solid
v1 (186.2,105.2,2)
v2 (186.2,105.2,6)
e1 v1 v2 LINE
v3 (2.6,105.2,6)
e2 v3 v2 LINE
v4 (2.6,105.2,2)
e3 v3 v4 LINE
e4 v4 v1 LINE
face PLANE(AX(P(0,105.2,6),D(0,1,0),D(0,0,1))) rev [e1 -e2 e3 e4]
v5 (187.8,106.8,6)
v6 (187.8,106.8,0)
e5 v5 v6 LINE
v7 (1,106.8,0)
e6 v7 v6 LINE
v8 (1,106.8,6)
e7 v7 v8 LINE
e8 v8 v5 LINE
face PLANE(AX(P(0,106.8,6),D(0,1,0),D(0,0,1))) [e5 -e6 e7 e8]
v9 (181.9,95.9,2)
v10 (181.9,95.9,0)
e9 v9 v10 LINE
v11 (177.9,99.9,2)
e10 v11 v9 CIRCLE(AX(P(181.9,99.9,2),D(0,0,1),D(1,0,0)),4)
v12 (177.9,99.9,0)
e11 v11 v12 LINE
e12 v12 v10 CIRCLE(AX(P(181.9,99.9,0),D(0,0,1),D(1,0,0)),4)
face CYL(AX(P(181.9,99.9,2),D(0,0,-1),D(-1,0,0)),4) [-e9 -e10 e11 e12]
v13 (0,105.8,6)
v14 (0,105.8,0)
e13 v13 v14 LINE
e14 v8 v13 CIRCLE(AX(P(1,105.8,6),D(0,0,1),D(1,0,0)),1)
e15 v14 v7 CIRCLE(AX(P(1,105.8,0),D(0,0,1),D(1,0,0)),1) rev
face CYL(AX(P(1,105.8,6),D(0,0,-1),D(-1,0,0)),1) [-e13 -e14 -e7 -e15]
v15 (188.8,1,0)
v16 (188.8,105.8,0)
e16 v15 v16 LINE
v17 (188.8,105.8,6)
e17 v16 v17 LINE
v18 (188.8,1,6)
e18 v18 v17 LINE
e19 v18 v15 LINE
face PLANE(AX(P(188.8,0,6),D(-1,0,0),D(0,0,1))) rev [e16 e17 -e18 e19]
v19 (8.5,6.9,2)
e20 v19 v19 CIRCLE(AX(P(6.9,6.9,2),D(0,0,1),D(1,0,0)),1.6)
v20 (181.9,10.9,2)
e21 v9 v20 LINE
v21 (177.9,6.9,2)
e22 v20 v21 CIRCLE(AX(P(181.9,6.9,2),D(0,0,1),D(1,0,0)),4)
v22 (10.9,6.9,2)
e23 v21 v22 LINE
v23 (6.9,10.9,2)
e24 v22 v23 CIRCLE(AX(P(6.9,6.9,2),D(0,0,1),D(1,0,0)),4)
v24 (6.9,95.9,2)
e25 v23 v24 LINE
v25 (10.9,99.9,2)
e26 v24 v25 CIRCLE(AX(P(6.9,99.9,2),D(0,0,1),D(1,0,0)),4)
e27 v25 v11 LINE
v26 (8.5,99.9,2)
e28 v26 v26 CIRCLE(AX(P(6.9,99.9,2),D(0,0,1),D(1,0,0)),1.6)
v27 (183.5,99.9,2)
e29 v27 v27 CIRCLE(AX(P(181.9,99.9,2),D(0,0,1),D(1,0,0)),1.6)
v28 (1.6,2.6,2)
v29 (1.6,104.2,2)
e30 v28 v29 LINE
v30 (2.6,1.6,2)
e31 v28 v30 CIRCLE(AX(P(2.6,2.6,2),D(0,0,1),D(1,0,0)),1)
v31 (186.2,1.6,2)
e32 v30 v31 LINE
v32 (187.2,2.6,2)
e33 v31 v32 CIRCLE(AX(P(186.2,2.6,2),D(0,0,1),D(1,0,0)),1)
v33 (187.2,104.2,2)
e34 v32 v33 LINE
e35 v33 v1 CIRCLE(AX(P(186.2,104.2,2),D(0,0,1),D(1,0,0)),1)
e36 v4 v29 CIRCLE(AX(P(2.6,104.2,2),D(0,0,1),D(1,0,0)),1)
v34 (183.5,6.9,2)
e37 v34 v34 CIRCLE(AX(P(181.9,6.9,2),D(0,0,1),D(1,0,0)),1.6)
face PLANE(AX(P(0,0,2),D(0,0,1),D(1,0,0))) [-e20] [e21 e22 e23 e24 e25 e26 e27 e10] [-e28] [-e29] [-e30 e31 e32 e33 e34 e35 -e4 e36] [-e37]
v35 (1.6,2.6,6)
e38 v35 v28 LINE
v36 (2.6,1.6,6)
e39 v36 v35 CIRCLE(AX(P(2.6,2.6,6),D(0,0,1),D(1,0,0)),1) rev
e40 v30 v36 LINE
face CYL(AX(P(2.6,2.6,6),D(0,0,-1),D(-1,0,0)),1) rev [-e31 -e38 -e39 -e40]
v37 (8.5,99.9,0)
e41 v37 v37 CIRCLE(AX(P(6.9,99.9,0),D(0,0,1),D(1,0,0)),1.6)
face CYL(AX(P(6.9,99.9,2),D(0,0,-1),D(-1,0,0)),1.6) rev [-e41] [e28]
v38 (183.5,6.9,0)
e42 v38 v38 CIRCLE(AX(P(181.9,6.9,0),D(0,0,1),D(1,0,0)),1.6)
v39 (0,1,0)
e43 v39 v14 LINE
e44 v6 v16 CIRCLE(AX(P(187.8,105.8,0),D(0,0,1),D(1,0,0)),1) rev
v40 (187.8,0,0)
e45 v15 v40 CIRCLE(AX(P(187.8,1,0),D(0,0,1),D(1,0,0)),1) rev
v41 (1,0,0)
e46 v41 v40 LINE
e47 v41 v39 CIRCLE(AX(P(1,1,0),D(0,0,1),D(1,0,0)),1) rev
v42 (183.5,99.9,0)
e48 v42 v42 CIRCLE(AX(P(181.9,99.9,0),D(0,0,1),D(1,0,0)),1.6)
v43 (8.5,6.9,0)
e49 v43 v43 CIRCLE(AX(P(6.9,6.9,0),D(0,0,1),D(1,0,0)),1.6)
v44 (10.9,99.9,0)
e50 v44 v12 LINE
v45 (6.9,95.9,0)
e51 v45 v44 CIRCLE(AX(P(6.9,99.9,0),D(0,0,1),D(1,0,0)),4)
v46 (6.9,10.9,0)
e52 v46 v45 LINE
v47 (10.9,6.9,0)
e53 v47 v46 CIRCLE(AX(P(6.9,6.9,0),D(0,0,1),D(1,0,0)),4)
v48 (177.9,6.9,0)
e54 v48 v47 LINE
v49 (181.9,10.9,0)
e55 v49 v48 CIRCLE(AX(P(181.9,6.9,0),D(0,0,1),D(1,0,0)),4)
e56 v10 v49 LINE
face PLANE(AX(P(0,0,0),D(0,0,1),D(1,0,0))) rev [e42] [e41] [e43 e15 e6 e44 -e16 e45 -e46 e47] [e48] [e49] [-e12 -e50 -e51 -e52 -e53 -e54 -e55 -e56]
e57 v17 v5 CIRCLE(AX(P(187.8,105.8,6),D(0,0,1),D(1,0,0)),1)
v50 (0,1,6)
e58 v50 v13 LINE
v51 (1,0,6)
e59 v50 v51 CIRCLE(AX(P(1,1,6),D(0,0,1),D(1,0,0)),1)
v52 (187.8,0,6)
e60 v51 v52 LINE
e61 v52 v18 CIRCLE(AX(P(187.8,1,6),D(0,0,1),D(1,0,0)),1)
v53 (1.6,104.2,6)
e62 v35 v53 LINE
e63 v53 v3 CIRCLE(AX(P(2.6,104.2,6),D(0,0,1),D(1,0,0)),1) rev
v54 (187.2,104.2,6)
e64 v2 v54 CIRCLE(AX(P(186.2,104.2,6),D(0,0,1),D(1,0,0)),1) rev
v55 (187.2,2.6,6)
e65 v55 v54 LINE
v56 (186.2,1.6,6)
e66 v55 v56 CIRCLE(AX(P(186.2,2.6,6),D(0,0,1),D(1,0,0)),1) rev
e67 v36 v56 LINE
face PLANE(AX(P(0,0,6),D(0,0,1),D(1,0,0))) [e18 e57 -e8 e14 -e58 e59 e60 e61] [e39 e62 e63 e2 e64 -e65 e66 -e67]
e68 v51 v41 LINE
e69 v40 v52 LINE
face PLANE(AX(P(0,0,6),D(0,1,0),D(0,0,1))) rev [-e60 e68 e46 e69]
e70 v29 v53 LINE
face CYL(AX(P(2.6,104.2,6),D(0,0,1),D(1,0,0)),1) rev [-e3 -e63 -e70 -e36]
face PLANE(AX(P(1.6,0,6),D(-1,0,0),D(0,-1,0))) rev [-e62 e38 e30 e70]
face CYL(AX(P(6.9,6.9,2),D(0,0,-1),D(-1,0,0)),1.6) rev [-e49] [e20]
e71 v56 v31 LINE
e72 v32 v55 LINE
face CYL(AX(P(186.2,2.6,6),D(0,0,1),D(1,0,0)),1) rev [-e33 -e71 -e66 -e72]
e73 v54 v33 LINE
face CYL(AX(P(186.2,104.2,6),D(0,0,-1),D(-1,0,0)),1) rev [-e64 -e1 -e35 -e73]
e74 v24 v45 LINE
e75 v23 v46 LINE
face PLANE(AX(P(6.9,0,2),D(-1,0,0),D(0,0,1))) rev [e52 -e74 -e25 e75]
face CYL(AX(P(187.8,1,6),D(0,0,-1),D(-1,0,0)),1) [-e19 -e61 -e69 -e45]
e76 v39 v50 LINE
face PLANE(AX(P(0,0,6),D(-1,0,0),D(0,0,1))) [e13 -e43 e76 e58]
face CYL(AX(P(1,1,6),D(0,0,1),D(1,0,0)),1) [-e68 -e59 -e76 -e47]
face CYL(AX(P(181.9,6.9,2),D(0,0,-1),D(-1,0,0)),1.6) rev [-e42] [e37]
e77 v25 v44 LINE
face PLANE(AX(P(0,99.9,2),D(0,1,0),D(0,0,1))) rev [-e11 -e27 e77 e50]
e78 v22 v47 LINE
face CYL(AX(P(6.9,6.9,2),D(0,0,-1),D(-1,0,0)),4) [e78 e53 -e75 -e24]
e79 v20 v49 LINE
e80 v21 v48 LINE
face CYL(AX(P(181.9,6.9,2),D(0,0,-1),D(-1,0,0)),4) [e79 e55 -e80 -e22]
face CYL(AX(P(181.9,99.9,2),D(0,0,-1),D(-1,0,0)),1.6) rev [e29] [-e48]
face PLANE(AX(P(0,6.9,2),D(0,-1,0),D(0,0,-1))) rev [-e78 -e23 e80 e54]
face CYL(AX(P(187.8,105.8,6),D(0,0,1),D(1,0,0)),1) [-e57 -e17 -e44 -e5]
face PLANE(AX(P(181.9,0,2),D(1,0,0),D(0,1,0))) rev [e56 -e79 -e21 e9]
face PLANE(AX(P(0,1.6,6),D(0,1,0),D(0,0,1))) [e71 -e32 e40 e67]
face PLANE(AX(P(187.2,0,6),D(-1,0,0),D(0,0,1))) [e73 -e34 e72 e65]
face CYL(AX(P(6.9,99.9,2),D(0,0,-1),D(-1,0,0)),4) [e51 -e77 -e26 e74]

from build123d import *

# Parameters (mm, degrees)
SKETCH_1_W      = 185.6
SKETCH_1_H      = 103.6
SKETCH_1_R      = 1.6
EXTRUDE_1_DEPTH = 2
SKETCH_1_3_W    = 188.8
SKETCH_1_3_H    = 106.8
SKETCH_1_3_W_2  = 185.6
SKETCH_1_3_H_2  = 103.6
EXTRUDE_2_DEPTH = 6
FILLET_1_R      = 1


with BuildPart() as part:
    # Эскиз1 → Бобышка-Вытянуть1 (new body)
    with BuildSketch(Plane.XY):
        with Locations((94.4, 53.4)):
            Rectangle(SKETCH_1_W, SKETCH_1_H)
        with BuildLine():
            ThreePointArc((177.9, 99.9), (179.071572875, 97.071572875), (181.9, 95.9))
            Line((181.9, 95.9), (181.9, 10.9))
            ThreePointArc((181.9, 10.9), (179.071572875, 9.728427125), (177.9, 6.9))
            Line((177.9, 6.9), (10.9, 6.9))
            ThreePointArc((10.9, 6.9), (9.728427125, 9.728427125), (6.9, 10.9))
            Line((6.9, 10.9), (6.9, 95.9))
            ThreePointArc((6.9, 95.9), (9.728427125, 97.071572875), (10.9, 99.9))
            Line((10.9, 99.9), (177.9, 99.9))
        make_face(mode=Mode.SUBTRACT)
        with Locations((181.9, 99.9)):
            Circle(SKETCH_1_R, mode=Mode.SUBTRACT)
        with Locations((181.9, 6.9)):
            Circle(SKETCH_1_R, mode=Mode.SUBTRACT)
        with Locations((6.9, 99.9)):
            Circle(SKETCH_1_R, mode=Mode.SUBTRACT)
        with Locations((6.9, 6.9)):
            Circle(SKETCH_1_R, mode=Mode.SUBTRACT)
    extrude(amount=EXTRUDE_1_DEPTH)

    # Эскиз1<3> → Бобышка-Вытянуть2 (add)
    with BuildSketch(Plane.XY):
        with Locations((94.4, 53.4)):
            Rectangle(SKETCH_1_3_W, SKETCH_1_3_H)
        with Locations((94.4, 53.4)):
            Rectangle(SKETCH_1_3_W_2, SKETCH_1_3_H_2, mode=Mode.SUBTRACT)
    extrude(amount=EXTRUDE_2_DEPTH)

    # Скругление1
    fillet_1_edges = [part.edges().sort_by_distance(p)[0] for p in [
        (0, 0, 3),
        (188.8, 0, 3),
        (188.8, 106.8, 3),
        (187.2, 105.2, 4),
        (187.2, 1.6, 4),
        (1.6, 1.6, 4),
        (1.6, 105.2, 4),
        (0, 106.8, 3),
    ]]
    fillet(fillet_1_edges, radius=FILLET_1_R)


solid = part.part
